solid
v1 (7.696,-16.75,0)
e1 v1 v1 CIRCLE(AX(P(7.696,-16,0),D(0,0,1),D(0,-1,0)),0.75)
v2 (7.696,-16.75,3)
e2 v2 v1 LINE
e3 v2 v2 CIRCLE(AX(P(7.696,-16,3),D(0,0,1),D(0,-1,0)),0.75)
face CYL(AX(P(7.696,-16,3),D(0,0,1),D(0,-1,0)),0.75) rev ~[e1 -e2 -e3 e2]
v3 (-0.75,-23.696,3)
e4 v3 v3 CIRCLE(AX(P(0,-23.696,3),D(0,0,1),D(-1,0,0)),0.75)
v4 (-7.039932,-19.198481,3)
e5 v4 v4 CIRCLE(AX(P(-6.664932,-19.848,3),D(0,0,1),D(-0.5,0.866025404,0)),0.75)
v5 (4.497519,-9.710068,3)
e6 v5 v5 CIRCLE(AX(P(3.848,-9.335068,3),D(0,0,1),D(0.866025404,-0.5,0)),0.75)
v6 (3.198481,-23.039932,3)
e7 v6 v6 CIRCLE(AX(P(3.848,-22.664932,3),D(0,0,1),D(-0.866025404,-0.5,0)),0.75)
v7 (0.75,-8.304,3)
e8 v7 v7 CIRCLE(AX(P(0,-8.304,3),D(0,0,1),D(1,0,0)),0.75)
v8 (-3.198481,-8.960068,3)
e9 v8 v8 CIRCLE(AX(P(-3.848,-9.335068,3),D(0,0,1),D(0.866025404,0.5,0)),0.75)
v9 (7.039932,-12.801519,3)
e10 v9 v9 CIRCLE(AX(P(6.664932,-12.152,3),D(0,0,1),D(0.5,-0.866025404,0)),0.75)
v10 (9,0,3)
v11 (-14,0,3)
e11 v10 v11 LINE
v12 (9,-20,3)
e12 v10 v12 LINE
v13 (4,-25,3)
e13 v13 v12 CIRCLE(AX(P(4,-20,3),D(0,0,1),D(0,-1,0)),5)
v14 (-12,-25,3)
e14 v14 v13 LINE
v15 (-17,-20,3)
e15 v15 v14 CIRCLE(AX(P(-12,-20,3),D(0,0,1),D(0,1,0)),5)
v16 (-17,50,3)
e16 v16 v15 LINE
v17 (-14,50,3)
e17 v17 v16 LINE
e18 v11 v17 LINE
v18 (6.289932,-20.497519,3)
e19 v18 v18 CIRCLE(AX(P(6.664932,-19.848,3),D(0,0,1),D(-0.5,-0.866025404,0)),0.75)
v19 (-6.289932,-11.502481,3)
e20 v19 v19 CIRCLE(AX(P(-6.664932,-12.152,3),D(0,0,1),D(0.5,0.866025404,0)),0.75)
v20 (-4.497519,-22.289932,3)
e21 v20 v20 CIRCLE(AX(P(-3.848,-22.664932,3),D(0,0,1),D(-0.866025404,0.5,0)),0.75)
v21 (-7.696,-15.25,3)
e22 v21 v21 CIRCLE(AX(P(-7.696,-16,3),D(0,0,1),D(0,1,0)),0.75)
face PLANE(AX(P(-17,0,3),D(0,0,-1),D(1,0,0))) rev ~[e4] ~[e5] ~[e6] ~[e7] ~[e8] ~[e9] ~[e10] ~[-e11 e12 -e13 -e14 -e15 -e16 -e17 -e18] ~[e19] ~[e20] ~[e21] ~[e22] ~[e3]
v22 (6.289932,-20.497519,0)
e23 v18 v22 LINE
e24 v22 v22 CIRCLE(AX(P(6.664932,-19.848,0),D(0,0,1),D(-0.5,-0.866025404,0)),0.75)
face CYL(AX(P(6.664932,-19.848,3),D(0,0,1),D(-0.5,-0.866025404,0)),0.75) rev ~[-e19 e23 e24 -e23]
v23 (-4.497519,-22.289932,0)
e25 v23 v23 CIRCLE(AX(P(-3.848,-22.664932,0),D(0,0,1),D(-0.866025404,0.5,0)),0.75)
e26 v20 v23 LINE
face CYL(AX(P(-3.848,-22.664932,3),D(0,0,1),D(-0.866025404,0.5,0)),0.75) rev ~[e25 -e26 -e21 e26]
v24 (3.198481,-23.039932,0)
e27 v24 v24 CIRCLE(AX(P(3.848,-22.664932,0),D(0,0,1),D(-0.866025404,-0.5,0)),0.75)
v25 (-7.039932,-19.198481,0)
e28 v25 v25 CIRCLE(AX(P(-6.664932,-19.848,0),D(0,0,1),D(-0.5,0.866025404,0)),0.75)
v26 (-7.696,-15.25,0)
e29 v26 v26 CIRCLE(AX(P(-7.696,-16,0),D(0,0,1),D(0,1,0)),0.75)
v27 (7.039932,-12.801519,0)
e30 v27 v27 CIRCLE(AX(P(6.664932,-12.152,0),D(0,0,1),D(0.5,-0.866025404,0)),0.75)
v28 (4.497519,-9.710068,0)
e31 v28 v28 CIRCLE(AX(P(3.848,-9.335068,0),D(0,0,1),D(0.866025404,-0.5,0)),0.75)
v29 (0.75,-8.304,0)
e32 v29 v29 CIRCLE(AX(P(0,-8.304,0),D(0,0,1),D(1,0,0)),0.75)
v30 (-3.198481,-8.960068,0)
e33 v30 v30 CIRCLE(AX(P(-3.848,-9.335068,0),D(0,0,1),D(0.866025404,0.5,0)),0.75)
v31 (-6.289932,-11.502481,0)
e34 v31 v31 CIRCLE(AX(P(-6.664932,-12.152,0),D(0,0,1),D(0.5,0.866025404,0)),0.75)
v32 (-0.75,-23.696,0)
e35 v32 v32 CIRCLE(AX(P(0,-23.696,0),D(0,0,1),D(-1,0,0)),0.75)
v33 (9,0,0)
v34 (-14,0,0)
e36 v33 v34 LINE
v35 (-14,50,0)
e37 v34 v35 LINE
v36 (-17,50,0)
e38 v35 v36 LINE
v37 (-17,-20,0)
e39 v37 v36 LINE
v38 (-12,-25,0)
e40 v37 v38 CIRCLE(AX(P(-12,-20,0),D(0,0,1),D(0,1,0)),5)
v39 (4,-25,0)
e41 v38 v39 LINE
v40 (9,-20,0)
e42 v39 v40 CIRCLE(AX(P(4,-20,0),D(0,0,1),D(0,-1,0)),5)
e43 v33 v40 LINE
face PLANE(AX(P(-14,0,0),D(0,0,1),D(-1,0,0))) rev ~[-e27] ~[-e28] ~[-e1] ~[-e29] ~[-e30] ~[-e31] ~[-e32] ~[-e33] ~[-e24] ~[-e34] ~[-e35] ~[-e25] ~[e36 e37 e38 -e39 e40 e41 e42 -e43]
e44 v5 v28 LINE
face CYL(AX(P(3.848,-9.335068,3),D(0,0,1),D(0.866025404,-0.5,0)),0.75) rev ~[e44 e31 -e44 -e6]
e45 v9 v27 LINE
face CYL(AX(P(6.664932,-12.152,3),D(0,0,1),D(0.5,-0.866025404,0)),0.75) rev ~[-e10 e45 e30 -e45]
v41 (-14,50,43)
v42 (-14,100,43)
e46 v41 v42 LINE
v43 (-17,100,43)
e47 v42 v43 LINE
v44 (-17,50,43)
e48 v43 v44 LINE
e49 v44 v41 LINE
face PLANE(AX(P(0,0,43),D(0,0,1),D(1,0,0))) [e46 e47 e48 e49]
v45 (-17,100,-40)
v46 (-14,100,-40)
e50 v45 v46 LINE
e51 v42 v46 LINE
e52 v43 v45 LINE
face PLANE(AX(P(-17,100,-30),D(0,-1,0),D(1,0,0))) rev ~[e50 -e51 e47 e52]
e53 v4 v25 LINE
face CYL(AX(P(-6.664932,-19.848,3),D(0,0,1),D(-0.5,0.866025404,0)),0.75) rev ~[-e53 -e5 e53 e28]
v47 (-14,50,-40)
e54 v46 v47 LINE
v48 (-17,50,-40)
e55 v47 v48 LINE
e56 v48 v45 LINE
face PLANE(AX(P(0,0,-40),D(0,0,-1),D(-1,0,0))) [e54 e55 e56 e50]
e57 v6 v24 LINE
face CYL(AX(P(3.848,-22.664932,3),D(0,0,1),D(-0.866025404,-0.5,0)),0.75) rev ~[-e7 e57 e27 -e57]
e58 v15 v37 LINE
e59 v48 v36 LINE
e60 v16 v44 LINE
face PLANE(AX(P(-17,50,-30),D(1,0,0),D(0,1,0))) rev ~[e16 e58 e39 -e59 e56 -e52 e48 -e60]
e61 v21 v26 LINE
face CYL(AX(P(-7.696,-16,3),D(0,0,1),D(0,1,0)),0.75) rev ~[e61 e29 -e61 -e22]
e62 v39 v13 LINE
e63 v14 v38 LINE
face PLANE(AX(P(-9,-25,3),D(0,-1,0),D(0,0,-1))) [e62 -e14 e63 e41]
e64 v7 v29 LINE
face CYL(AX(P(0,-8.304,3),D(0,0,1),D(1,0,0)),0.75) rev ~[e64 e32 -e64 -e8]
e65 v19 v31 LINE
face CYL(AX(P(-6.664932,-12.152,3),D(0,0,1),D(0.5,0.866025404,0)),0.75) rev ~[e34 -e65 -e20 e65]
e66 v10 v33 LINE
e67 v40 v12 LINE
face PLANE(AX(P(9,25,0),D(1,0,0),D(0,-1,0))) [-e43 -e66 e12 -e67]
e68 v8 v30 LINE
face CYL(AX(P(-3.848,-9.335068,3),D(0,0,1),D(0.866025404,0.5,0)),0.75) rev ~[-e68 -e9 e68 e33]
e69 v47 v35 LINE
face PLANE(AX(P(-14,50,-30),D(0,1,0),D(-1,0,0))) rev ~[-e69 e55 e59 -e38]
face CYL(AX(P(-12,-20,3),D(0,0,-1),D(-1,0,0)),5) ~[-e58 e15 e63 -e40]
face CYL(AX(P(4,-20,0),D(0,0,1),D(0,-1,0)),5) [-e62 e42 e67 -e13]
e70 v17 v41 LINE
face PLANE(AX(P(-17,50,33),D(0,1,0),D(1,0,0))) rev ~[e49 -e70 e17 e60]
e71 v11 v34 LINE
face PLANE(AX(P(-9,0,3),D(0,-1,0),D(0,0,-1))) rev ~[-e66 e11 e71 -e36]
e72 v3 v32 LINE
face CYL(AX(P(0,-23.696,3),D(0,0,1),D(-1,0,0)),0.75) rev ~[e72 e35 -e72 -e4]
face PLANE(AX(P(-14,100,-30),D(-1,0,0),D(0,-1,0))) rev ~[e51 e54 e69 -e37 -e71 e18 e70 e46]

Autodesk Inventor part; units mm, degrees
ref_plane "YZ Plane" through (0, 0, 0) normal (1, 0, 0) x (0, 1, 0)
ref_plane "XZ Plane" through (0, 0, 0) normal (0, 1, 0) x (-1, 0, 0)
ref_plane "XY Plane" through (0, 0, 0) normal (0, 0, 1) x (1, 0, 0)
sketch "Sketch1" plane through (0, 0, 0) normal (0, 0, 1) x (1, 0, 0)
  line L0 (-9, 25) -> (9, 25)
  line L1 (9, 25) -> (9, -25)
  line L2 (9, -25) -> (-9, -25)
  line L3 (-9, -25) -> (-9, 25)
  point P0 (0, 0)
  point P1 (0, 25)
  point P2 (-9, 0)
  dimension "d0" = 18
  dimension "d1" = 50
extrude "Extrusion1" add sketch "Sketch1" along normal blind 3
sketch "Sketch2" plane through (0, 0, 3) normal (0, 0, 1) x (1, 0, 0)
  circle A0 centre (0, -16) radius 9
  circle A1 centre (0, 16) radius 9
  line L0 (-9, -25) -> (9, -25) projected
  circle A2 centre (0, -8.304) radius 0.75
  line L1 (9, 25) -> (-9, 25) projected
  point P0 (0, 0)
  point P1 (-4, -25)
  point P2 (4, -25)
  point P3 (4, 25)
  point P4 (-4, 25)
  dimension "d6" = 18
  dimension "d8" = 1.5
  dimension "d10" = 18
extrude "Extrusion2" cut sketch "Sketch2" against normal up to surface (3 mm away) contours A2
pattern_circular "Circular Pattern1" count 12 over 360 about axis through (0, -16, 3) along (0, 0, 1) of "Extrusion2"
sketch "Sketch7" plane through (0, 0, 3) normal (0, 0, 1) x (1, 0, 0)
  line L0 (-19, 0) -> (11, 0)
  line L1 (11, 0) -> (11, 28.3489)
  line L2 (11, 28.3489) -> (-19, 28.3489)
  line L3 (-19, 28.3489) -> (-19, 0)
  line L4 (-9, -25) -> (9, -25) projected
  line L5 (-9, 25) -> (-9, -25) projected
  line L6 (9, -25) -> (9, 25) projected
  point P0 (0, 0)
  point P1 (-4, -25)
  point P2 (4, -25)
  point P3 (-9, 20)
  point P4 (-9, -20)
  point P5 (9, -20)
  dimension "d44" = 25
  dimension "d48" = 30
  dimension "d49" = 2
extrude "Extrusion8" cut sketch "Sketch7" against normal up to surface (3 mm away) contours L3 L2 L1 L0
ref_plane "Work Plane1" through (-9, -20, 0) normal (-1, 0, 0) x (0, 0, 1)
sketch "Sketch9" plane through (-9, -20, 0) normal (-1, 0, 0) x (0, 0, 1)
  line L0 (3, 0) -> (3, 20)
  line L1 (3, 20) -> (0, 20)
  line L2 (0, 20) -> (0, 0)
  line L3 (3, 0) -> (3, -5)
  line L4 (3, -5) -> (0, -5)
  line L5 (0, -5) -> (3, -5) projected
  line L6 (0, -5) -> (0, 0)
extrude "Extrusion9" add sketch "Sketch9" along normal blind 8
fillet "Fillet3" radius 5 1 edges at (9, -25, 1.5)
sketch "Sketch10" plane through (9, 0, 3) normal (0, 1, 0) x (1, 0, 0)
  line L0 (-5, 3) -> (-26, 3) projected
  line L1 (-26, 0) -> (-23, 0)
  line L2 (-23, 0) -> (-23, 3)
  line L3 (-23, 3) -> (-26, 3)
  line L4 (-26, 3) -> (-26, 0)
  point P0 (-9, 3)
  dimension "d53" = 3
extrude "Extrusion10" add sketch "Sketch10" along normal blind 70
fillet "Fillet4" radius 5 1 edges at (-17, -25, 1.5)
sketch "Sketch11" plane through (0, 0, 3) normal (0, 0, 1) x (1, 0, 0)
  line L0 (-14, 0) -> (-14, 70) projected
  line L1 (-17, 70) -> (-14, 70)
  line L2 (-14, 70) -> (-14, 50)
  line L3 (-14, 50) -> (-17, 50)
  line L4 (-17, 50) -> (-17, 70)
  point P0 (0, 0)
  dimension "d57" = 20
extrude "Extrusion11" add sketch "Sketch11" along normal blind 30
sketch "Sketch12" plane through (0, 0, 0) normal (0, 0, -1) x (-1, 0, 0)
  line L0 (14, 0) -> (14, 70) projected
  line L1 (17, 70) -> (14, 70)
  line L2 (14, 70) -> (14, 50)
  line L3 (14, 50) -> (17, 50)
  line L4 (17, 50) -> (17, 70)
  point P0 (0, 0)
  dimension "d60" = 20
extrude "Extrusion12" add sketch "Sketch12" along normal blind 30
sketch "Sketch13" plane through (9, 70, 3) normal (0, 1, 0) x (1, 0, 0)
  line L0 (-26, 33) -> (-23, 33)
  line L1 (-23, 33) -> (-23, -30)
  line L2 (-23, -30) -> (-26, -30)
  line L3 (-26, -30) -> (-26, 33)
  point P0 (-9, 3)
extrude "Extrusion13" add sketch "Sketch13" along normal blind 30
sketch "Sketch14" plane through (0, 0, 33) normal (0, 0, 1) x (1, 0, 0)
  line L0 (-17, 50) -> (-14, 50)
  line L1 (-14, 50) -> (-14, 100)
  line L2 (-14, 100) -> (-17, 100)
  line L3 (-17, 100) -> (-17, 50)
  point P0 (0, 0)
extrude "Extrusion14" add sketch "Sketch14" along normal blind 10
sketch "Sketch15" plane through (0, 0, -30) normal (0, 0, -1) x (-1, 0, 0)
  line L0 (17, 100) -> (14, 100)
  line L1 (14, 100) -> (14, 50)
  line L2 (14, 50) -> (17, 50)
  line L3 (17, 50) -> (17, 100)
  point P0 (0, 0)
extrude "Extrusion15" add sketch "Sketch15" along normal blind 10
properties part number "second_perc_link"
